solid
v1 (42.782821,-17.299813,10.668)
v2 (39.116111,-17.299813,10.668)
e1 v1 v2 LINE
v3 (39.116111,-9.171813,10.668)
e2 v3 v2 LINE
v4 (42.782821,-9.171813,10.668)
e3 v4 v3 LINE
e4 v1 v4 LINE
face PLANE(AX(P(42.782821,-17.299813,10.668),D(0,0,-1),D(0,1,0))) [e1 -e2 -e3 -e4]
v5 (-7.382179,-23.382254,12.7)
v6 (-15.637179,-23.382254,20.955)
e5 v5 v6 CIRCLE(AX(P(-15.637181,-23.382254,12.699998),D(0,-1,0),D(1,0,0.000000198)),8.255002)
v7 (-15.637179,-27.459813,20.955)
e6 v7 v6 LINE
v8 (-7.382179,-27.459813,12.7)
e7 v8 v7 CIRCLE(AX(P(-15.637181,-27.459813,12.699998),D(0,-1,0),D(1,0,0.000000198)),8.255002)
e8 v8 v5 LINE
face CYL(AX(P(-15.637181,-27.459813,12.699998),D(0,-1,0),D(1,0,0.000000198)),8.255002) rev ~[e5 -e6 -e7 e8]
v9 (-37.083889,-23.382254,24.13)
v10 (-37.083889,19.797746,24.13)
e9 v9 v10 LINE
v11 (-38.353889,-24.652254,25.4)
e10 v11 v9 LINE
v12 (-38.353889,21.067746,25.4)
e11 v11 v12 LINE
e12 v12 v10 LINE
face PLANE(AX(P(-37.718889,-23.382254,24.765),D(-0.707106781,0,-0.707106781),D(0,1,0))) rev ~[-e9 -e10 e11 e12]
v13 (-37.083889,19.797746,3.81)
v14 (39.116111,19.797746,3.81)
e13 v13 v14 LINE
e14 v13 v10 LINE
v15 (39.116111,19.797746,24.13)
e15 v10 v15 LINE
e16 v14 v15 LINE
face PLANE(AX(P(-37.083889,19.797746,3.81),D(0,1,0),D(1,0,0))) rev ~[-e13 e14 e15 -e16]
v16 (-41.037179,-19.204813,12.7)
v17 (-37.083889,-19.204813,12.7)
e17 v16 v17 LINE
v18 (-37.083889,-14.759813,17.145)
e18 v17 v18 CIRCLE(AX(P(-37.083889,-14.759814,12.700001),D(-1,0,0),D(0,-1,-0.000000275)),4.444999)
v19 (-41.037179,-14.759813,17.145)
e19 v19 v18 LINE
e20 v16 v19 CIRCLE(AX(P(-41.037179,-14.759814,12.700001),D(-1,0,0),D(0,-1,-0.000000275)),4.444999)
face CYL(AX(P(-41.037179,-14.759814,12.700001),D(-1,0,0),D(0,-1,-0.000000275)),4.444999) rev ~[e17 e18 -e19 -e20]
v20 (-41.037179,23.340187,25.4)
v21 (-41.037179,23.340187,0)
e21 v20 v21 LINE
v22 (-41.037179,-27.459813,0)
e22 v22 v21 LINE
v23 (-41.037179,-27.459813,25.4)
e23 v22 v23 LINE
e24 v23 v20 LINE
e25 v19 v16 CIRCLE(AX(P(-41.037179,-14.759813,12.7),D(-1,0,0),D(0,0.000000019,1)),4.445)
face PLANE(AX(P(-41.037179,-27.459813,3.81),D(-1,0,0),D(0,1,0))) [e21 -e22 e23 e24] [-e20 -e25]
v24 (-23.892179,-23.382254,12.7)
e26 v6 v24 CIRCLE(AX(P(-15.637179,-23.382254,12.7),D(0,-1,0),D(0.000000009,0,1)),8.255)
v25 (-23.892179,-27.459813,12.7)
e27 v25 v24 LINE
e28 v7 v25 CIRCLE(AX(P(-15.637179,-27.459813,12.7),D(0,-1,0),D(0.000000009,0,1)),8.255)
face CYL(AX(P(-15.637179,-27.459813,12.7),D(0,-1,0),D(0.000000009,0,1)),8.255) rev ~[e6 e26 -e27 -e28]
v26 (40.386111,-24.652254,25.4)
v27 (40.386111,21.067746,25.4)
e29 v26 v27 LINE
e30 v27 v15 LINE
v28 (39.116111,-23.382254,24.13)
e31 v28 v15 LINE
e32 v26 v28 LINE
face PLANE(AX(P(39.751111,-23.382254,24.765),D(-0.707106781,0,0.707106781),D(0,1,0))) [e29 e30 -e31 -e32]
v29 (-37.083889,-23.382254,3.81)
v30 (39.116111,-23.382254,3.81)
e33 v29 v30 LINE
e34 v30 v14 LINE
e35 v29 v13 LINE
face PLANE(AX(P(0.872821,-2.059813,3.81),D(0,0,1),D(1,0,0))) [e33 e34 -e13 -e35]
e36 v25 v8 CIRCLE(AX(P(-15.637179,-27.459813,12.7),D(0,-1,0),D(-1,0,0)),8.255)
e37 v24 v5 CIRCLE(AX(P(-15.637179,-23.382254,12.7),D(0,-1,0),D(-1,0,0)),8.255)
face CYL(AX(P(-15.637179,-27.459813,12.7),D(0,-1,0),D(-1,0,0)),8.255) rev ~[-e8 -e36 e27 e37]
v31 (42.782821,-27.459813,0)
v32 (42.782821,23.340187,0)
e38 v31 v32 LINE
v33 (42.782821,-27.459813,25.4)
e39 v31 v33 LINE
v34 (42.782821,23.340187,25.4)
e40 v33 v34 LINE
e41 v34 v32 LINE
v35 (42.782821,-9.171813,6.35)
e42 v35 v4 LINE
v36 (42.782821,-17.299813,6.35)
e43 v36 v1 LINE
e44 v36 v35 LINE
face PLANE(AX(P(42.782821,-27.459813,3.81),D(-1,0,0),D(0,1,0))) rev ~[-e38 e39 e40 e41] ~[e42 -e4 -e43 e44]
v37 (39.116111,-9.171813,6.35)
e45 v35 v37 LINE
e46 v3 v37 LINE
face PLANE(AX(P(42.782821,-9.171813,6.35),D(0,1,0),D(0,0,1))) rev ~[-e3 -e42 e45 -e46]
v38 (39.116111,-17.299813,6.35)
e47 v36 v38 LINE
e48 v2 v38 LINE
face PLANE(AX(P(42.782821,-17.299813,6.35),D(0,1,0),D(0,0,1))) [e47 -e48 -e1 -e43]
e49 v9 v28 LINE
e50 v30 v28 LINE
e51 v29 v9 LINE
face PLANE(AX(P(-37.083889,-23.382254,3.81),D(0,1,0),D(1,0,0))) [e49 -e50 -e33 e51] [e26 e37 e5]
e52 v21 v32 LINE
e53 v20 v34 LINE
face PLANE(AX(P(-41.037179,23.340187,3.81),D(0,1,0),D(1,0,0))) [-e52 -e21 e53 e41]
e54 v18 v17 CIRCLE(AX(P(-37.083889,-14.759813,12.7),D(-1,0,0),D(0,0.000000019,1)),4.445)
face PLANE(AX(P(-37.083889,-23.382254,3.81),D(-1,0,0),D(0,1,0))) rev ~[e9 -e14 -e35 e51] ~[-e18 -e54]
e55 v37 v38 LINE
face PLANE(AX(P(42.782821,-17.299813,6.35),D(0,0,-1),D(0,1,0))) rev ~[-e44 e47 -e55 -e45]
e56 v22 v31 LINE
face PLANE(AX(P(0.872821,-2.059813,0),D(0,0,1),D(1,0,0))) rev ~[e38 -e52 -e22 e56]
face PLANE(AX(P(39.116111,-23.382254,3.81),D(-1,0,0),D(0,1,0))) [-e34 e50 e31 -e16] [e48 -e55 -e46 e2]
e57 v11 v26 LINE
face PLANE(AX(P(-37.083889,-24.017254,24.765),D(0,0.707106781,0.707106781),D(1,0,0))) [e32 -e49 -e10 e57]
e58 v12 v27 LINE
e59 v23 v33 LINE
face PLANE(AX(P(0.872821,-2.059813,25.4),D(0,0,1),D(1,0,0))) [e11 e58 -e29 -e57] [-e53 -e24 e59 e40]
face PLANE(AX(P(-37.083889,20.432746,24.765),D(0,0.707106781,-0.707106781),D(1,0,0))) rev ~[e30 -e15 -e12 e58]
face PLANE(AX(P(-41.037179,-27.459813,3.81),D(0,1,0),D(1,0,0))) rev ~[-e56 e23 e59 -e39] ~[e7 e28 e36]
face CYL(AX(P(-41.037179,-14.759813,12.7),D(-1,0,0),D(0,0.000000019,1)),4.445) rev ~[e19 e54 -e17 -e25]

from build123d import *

# Parameters (mm, degrees)
F0_W      = 83.82
F0_H      = 50.8
F1_DEPTH  = 3.81
F2_W      = 83.82
F2_H      = 50.8
F2_W_2    = 76.2
F2_H_2    = 43.18
F3_DEPTH  = 21.59
F5_DEPTH  = 5.08
F7_DEPTH  = 25.4
F8_SIZE2  = 1.27
F8_SIZE   = 1.27
F9_W      = 8.128
F9_H      = 4.318
F10_DEPTH = 25.4


with BuildPart() as f1:
    # F0 (on Top) → F1 (new body)
    with BuildSketch(Plane.XY):
        with Locations((0.872821, -2.059813)):
            Rectangle(F0_W, F0_H)
    extrude(amount=F1_DEPTH)

    # F2 (on face) → F3 (join)
    with BuildSketch(Plane.XY.offset(3.81)):
        with Locations((0.872821, -2.059813)):
            Rectangle(F2_W, F2_H)
        with Locations((1.016111, -1.792254)):
            Rectangle(F2_W_2, F2_H_2, mode=Mode.SUBTRACT)
    extrude(amount=F3_DEPTH)

    # F4 (on face) → F5 (cut)
    with BuildSketch(Plane.XZ.offset(27.459813)):
        with BuildLine():
            ThreePointArc((-23.892179, 12.7), (-15.637179, 4.445), (-7.382179, 12.7))
            ThreePointArc((-7.382179, 12.7), (-9.800013, 18.537166), (-15.637179, 20.955))
            Line((-15.637179, 20.955), (-15.637179, 12.7))
            Line((-15.637179, 12.7), (-23.892179, 12.7))
        make_face()
        with BuildLine():
            Line((-15.637179, 12.7), (-15.637179, 20.955))
            ThreePointArc((-15.637179, 20.955), (-21.474346, 18.537166), (-23.892179, 12.7))
            Line((-23.892179, 12.7), (-15.637179, 12.7))
        make_face()
    extrude(amount=-F5_DEPTH, mode=Mode.SUBTRACT)

    # F6 (on face) → F7 (cut)
    with BuildSketch(Plane(origin=(-41.037179, 0, 0), x_dir=(0, -1, 0), z_dir=(-1, 0, 0))):
        with BuildLine():
            Line((14.759813, 12.7), (19.204813, 12.7))
            ThreePointArc((19.204813, 12.7), (17.902903, 15.84309), (14.759813, 17.145))
            Line((14.759813, 17.145), (14.759813, 12.7))
        make_face()
        with BuildLine():
            ThreePointArc((14.759813, 17.145), (11.616724, 9.55691), (19.204813, 12.7))
            Line((19.204813, 12.7), (14.759813, 12.7))
            Line((14.759813, 12.7), (14.759813, 17.145))
        make_face()
    extrude(amount=-F7_DEPTH, mode=Mode.SUBTRACT)

    # F8
    f8_edges = [f1.edges().sort_by_distance(p)[0] for p in [
        (1.016111, 19.797746, 25.4),
        (-37.083889, -1.792254, 25.4),
        (1.016111, -23.382254, 25.4),
        (39.116111, -1.792254, 25.4),
    ]]
    chamfer(f8_edges, length=F8_SIZE, length2=F8_SIZE2)

    # F9 (on face) → F10 (cut)
    with BuildSketch(Plane.YZ.offset(42.782821)):
        with Locations((-13.235813, 8.509)):
            Rectangle(F9_W, F9_H)
    extrude(amount=-F10_DEPTH, mode=Mode.SUBTRACT)


solid = f1.part
